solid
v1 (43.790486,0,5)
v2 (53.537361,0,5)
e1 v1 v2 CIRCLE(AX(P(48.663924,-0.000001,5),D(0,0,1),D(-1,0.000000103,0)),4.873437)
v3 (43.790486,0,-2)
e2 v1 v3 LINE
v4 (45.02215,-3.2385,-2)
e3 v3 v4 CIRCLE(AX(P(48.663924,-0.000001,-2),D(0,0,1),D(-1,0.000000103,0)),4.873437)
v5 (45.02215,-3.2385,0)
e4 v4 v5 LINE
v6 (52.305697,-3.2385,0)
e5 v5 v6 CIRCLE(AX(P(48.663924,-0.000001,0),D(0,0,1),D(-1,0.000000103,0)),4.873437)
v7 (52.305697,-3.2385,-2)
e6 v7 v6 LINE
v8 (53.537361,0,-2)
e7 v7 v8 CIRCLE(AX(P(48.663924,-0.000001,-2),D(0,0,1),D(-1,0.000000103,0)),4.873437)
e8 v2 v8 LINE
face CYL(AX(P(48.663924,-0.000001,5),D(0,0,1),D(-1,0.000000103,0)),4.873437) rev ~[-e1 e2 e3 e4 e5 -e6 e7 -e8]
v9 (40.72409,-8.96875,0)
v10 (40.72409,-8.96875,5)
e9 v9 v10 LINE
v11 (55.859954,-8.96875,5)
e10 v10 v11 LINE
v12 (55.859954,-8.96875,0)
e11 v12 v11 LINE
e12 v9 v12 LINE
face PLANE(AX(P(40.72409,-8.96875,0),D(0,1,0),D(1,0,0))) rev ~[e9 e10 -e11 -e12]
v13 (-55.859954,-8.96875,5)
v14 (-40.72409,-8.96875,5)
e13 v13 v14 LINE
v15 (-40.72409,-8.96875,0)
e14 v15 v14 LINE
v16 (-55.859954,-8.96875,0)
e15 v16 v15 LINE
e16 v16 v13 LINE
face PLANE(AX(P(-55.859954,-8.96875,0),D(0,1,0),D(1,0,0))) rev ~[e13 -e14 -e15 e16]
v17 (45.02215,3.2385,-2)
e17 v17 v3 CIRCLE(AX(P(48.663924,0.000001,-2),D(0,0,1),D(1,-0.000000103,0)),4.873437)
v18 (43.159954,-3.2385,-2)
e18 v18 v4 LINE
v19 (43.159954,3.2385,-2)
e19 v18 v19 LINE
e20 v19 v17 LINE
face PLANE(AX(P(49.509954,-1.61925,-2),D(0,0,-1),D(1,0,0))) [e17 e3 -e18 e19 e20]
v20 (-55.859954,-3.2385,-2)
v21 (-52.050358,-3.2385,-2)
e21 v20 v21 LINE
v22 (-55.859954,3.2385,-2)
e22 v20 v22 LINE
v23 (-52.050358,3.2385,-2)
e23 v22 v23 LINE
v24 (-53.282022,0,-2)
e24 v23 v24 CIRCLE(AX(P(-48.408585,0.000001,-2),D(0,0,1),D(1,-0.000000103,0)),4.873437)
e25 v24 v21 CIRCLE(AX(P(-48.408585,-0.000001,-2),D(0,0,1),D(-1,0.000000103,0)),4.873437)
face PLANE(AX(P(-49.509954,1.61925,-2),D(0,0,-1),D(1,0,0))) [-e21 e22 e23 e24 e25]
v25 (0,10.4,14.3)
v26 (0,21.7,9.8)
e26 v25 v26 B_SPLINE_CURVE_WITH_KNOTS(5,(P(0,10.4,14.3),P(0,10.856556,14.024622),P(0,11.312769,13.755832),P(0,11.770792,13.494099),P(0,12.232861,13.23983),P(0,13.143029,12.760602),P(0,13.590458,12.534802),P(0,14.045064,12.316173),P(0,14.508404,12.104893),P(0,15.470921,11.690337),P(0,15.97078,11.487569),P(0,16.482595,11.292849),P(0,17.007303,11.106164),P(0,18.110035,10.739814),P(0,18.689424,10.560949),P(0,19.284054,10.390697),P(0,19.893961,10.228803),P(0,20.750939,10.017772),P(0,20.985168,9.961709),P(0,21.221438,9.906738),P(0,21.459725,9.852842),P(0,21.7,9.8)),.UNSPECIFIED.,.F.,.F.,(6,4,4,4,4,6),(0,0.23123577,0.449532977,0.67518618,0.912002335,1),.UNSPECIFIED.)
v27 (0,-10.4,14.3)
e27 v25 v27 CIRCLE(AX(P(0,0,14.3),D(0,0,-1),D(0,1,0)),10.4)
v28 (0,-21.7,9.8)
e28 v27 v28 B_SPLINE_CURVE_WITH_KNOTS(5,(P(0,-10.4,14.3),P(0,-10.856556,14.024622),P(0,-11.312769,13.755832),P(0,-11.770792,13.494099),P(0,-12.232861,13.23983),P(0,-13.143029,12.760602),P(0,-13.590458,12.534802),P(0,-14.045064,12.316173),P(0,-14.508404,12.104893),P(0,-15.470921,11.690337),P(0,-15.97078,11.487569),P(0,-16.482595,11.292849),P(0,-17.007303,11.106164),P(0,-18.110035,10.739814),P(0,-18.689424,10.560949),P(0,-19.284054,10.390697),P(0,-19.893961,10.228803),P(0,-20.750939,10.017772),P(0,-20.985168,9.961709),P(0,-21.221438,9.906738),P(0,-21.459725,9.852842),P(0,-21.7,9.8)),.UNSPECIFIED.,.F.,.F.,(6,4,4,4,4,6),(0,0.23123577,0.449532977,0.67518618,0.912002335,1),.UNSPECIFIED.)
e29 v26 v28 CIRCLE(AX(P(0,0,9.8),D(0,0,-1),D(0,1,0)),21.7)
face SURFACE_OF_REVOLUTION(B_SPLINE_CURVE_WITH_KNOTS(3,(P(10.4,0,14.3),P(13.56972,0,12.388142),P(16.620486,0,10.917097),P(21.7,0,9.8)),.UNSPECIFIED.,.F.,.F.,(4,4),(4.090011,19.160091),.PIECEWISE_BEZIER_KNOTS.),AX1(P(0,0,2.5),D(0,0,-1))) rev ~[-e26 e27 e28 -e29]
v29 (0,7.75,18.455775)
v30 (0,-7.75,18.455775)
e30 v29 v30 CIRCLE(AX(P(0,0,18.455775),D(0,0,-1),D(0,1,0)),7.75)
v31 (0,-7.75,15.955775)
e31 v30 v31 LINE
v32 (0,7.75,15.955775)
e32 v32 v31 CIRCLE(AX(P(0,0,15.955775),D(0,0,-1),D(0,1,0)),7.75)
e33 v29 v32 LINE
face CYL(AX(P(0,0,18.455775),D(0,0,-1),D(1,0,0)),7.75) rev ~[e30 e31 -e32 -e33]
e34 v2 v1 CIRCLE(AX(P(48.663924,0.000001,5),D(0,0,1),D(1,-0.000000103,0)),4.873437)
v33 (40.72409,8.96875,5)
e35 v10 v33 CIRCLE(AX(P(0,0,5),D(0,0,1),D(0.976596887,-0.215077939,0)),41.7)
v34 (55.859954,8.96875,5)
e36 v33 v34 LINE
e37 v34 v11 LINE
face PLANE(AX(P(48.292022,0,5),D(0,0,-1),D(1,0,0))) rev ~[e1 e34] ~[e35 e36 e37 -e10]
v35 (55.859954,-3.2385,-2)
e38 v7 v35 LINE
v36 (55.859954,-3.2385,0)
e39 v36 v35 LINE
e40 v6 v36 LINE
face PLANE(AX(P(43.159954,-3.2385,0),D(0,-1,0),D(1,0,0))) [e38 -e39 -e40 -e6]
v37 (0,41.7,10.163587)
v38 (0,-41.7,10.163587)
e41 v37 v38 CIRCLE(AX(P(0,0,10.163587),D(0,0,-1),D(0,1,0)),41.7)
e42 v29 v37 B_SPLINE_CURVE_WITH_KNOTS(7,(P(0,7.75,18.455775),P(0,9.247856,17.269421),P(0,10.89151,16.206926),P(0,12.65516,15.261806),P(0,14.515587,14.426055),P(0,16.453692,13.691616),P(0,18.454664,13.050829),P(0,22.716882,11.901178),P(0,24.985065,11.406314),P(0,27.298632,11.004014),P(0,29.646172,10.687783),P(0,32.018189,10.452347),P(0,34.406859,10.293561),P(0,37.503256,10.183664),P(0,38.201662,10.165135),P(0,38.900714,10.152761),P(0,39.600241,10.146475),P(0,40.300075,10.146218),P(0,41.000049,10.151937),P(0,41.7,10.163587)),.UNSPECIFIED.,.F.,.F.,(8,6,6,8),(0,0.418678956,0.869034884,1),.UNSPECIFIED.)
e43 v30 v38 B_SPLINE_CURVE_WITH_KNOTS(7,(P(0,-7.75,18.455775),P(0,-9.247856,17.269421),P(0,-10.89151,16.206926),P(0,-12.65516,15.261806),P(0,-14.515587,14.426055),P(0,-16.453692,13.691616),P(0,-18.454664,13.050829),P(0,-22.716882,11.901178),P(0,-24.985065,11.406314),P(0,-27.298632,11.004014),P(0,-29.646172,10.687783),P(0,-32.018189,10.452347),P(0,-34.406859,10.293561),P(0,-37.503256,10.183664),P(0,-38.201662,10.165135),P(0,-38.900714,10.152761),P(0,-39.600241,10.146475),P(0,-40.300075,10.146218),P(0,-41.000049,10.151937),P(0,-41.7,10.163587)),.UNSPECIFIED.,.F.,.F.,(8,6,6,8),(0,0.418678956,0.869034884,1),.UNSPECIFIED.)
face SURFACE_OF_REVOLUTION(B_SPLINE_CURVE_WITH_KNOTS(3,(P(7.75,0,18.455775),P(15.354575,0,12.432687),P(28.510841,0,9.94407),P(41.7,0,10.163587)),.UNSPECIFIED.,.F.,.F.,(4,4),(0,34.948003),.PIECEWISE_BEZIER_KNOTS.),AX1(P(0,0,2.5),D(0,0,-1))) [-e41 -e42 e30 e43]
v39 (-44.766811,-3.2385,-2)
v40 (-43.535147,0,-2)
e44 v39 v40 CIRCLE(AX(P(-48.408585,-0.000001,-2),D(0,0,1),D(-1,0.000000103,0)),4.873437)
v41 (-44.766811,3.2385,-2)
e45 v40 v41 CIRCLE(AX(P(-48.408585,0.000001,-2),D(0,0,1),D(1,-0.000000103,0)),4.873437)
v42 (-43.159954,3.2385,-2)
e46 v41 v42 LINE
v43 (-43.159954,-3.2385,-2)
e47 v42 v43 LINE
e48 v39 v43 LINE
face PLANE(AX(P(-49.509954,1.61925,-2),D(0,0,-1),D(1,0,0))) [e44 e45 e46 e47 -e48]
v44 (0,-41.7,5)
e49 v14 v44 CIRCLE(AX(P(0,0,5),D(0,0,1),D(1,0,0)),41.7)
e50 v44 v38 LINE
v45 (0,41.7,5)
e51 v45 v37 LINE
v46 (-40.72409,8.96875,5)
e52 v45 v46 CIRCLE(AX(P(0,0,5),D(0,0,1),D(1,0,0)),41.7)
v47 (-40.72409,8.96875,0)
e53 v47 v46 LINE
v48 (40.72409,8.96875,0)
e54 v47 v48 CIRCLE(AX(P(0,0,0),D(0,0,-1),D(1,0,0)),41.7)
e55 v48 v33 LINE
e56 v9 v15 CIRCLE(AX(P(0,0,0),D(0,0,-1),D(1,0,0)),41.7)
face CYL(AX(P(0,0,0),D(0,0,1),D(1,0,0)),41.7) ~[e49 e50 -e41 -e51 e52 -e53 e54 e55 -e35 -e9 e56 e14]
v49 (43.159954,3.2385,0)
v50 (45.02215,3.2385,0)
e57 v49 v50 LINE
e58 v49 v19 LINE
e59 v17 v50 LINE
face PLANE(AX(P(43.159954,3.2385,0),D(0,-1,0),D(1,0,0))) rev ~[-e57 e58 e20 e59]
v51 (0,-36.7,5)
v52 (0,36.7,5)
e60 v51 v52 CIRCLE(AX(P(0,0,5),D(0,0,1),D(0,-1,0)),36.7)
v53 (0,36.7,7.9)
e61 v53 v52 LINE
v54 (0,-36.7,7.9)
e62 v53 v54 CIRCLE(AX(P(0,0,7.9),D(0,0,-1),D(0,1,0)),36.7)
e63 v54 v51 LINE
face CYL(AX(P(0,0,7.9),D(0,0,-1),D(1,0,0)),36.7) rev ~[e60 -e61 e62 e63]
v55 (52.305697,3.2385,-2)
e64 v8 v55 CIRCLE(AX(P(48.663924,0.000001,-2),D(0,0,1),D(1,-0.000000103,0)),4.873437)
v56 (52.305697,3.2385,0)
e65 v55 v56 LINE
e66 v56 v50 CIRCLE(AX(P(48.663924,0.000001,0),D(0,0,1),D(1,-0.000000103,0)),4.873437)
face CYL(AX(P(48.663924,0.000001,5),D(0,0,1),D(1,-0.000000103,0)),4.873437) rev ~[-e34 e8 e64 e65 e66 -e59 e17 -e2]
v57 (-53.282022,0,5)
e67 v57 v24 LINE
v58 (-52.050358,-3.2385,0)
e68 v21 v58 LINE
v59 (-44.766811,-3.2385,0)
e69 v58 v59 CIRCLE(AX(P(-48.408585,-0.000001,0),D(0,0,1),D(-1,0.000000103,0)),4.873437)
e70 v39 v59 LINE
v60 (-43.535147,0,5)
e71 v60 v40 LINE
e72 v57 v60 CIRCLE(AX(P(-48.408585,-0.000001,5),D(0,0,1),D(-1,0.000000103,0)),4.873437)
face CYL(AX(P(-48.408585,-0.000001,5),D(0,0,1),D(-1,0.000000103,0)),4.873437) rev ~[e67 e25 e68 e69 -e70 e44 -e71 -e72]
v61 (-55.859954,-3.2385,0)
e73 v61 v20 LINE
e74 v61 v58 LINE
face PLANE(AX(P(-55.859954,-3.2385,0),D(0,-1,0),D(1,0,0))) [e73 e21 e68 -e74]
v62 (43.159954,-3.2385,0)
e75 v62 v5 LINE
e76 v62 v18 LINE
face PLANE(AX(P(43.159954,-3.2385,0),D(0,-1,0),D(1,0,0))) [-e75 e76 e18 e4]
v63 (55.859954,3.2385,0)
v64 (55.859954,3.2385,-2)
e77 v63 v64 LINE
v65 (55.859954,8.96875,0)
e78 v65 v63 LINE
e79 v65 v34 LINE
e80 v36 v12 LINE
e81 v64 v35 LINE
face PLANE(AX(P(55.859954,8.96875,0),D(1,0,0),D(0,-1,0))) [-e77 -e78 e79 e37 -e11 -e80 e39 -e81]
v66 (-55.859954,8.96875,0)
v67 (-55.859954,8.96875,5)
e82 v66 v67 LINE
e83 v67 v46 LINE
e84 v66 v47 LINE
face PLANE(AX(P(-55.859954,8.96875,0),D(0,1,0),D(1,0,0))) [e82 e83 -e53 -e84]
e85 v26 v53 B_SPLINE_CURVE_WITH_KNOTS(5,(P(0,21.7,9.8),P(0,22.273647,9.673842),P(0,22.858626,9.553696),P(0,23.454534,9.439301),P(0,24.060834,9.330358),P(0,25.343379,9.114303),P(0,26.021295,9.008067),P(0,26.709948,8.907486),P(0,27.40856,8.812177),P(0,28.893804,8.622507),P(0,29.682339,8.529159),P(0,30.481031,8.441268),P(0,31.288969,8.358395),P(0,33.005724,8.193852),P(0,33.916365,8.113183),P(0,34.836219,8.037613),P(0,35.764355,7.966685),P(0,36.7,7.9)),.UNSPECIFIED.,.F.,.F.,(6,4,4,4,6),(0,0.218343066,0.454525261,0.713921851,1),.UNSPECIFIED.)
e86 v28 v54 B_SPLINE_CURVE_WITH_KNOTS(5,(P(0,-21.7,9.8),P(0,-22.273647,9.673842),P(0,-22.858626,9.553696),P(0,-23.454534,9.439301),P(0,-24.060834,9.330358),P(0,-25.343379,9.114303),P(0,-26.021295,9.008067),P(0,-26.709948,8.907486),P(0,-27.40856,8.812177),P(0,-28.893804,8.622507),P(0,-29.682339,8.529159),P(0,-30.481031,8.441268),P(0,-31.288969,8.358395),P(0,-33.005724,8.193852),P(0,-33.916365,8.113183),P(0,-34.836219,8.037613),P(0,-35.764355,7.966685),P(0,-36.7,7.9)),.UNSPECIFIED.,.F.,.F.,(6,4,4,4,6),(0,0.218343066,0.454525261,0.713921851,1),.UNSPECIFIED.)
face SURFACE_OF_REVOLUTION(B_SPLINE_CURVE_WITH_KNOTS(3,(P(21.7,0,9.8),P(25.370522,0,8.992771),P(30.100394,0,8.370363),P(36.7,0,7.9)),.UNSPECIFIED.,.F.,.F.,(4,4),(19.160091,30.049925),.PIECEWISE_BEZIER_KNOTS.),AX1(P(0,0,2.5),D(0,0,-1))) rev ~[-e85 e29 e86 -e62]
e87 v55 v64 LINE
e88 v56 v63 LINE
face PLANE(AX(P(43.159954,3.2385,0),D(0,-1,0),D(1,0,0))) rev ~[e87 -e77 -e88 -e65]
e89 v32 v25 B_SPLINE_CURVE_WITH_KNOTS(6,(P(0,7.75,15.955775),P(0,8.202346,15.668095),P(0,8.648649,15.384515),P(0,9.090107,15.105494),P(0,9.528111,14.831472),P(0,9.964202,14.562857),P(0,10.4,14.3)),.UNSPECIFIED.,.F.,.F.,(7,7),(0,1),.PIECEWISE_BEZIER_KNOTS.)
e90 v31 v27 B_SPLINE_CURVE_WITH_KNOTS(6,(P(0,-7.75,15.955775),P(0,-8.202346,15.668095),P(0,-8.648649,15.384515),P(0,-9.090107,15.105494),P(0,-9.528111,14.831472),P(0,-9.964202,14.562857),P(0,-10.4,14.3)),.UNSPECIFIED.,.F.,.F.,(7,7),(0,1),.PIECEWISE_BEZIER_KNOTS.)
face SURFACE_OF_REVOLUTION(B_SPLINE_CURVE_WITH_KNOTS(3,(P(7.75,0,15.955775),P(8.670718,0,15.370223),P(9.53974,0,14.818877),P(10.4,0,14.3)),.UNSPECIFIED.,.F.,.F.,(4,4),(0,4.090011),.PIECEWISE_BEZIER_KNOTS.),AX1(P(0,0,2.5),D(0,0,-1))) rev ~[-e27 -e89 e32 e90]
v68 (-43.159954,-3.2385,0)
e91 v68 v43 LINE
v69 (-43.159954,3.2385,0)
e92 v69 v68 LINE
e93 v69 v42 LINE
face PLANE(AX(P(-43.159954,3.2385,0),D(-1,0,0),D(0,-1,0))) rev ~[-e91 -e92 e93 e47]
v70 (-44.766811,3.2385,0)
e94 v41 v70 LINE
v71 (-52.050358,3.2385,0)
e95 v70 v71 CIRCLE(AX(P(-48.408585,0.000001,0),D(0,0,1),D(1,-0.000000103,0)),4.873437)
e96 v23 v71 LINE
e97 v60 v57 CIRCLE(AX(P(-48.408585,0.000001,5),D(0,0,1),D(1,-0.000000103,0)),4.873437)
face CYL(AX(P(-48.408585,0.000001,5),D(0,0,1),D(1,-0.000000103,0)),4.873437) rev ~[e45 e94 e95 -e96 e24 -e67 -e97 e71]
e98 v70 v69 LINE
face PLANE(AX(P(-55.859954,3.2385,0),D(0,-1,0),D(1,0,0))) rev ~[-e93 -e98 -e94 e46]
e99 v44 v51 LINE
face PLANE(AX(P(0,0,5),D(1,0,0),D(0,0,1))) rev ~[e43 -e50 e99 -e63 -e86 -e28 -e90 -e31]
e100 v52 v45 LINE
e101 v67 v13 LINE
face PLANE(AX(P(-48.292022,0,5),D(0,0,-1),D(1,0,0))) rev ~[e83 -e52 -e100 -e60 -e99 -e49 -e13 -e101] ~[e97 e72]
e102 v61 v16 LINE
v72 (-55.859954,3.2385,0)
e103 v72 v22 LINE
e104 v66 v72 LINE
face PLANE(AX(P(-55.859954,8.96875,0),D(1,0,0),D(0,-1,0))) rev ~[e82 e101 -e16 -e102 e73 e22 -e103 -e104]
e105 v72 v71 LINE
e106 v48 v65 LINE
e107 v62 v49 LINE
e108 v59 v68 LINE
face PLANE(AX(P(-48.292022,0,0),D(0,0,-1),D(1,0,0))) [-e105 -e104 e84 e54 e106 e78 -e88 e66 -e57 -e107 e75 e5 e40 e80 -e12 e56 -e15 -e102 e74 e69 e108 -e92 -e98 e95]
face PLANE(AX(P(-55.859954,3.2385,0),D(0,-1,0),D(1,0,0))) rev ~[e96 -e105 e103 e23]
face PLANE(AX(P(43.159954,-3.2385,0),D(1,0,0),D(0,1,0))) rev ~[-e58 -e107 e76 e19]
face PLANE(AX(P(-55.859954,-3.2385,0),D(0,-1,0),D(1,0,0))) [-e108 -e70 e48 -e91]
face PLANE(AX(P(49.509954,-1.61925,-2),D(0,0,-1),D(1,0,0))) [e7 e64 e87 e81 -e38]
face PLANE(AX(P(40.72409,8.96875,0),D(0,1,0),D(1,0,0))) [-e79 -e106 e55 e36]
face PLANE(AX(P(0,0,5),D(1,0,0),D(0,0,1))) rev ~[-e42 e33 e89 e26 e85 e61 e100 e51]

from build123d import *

# Parameters (mm, degrees)
F3_DEPTH  = 50.8
F5_DEPTH  = 25.4
F7_DEPTH  = 5
F8_W      = 15.135864
F8_H      = 17.9375
F9_DEPTH  = 5
F10_W     = 12.7
F10_H     = 3.2385
F11_DEPTH = 2
F13_DEPTH = 25.4


with BuildPart() as f1:
    # F0 (on Front) → F1 (revolve)
    with BuildSketch(Plane.XZ):
        with BuildLine():
            Line((0, 5), (0, 0))
            Line((0, 0), (41.7, 0))
            Line((41.7, 0), (41.7, 10.163587))
            add(Edge.make_bspline(
                [(7.75, 18.455775), (15.354575, 12.432687), (28.510841, 9.94407), (41.7, 10.163587)],
                knots=[0, 0, 0, 0, 34.948003, 34.948003, 34.948003, 34.948003], degree=3))
            Line((7.75, 18.455775), (7.75, 15.955775))
            add(Edge.make_bspline(
                [(7.75, 15.955775), (8.670718, 15.370223), (9.53974, 14.818877), (10.4, 14.3)],
                knots=[0, 0, 0, 0, 4.090011, 4.090011, 4.090011, 4.090011], degree=3))
            add(Edge.make_bspline(
                [(10.4, 14.3), (13.56972, 12.388142), (16.620486, 10.917097), (21.7, 9.8)],
                knots=[4.090011, 4.090011, 4.090011, 4.090011, 19.160091, 19.160091, 19.160091, 19.160091], degree=3))
            add(Edge.make_bspline(
                [(21.7, 9.8), (25.370522, 8.992771), (30.100394, 8.370363), (36.7, 7.9)],
                knots=[19.160091, 19.160091, 19.160091, 19.160091, 30.049925, 30.049925, 30.049925, 30.049925], degree=3))
            Line((36.7, 7.9), (36.7, 5))
            Line((36.7, 5), (21.7, 5))
            Line((21.7, 5), (10.4, 5))
            Line((10.4, 5), (0, 5))
        make_face()
    revolve(axis=Axis((0, 0, 2.5), (0, 0, -1)))

    # F2 (on Front) → F3 (cut, symmetric)
    with BuildSketch(Plane.XZ):
        Polygon((0, 5), (0, 50.867478), (-90.82243, 44.18689), (-90.82243, 5), align=None)
    extrude(amount=F3_DEPTH, both=True, mode=Mode.SUBTRACT)

    # F4 (on Top) → F5 (cut)
    with BuildSketch(Plane.XY):
        Polygon((0, -4.69055), (0, 4.69055), (-12.84133, 12.104495), (-12.84133, -12.104495), align=None)
    extrude(amount=F5_DEPTH, mode=Mode.SUBTRACT)

    # F6 (on face) → F7 (join)
    with BuildSketch(Plane(origin=(0, 0, 0), x_dir=(1, 0, 0), z_dir=(0, 0, -1))):
        Polygon((0, -4.69055), (0, 4.69055), (-12.84133, 12.104495), (-12.84133, -12.104495), align=None)
    extrude(amount=-F7_DEPTH)

    # F8 (on face) → F9 (join)
    with BuildSketch(Plane(origin=(0, 0, 0), x_dir=(1, 0, 0), z_dir=(0, 0, -1))):
        with Locations((-48.292022, 0)):
            Rectangle(F8_W, F8_H)
        with Locations((48.292022, 0)):
            Rectangle(F8_W, F8_H)
    extrude(amount=-F9_DEPTH)

    # F10 (on face) → F11 (join)
    with BuildSketch(Plane(origin=(0, 0, 0), x_dir=(1, 0, 0), z_dir=(0, 0, -1))):
        with Locations((49.509954, 1.61925)):
            Rectangle(F10_W, F10_H)
        with Locations((49.509954, -1.61925)):
            Rectangle(F10_W, F10_H)
        with Locations((-49.509954, -1.61925)):
            Rectangle(F10_W, F10_H)
        with Locations((-49.509954, 1.61925)):
            Rectangle(F10_W, F10_H)
    extrude(amount=F11_DEPTH)

    # F12 (on face) → F13 (cut)
    with BuildSketch(Plane.XY.offset(5)):
        with BuildLine():
            Line((-53.282022, 0), (-43.535147, 0))
            ThreePointArc((-43.535147, 0), (-48.408585, 4.873438), (-53.282022, 0))
        make_face()
        with BuildLine():
            ThreePointArc((-53.282022, 0), (-48.408585, -4.873438), (-43.535147, 0))
            Line((-43.535147, 0), (-53.282022, 0))
        make_face()
        with BuildLine():
            Line((43.790486, 0), (53.537361, 0))
            ThreePointArc((53.537361, 0), (48.663924, 4.873438), (43.790486, 0))
        make_face()
        with BuildLine():
            ThreePointArc((43.790486, 0), (48.663924, -4.873438), (53.537361, 0))
            Line((53.537361, 0), (43.790486, 0))
        make_face()
    extrude(amount=-F13_DEPTH, mode=Mode.SUBTRACT)


solid = f1.part
